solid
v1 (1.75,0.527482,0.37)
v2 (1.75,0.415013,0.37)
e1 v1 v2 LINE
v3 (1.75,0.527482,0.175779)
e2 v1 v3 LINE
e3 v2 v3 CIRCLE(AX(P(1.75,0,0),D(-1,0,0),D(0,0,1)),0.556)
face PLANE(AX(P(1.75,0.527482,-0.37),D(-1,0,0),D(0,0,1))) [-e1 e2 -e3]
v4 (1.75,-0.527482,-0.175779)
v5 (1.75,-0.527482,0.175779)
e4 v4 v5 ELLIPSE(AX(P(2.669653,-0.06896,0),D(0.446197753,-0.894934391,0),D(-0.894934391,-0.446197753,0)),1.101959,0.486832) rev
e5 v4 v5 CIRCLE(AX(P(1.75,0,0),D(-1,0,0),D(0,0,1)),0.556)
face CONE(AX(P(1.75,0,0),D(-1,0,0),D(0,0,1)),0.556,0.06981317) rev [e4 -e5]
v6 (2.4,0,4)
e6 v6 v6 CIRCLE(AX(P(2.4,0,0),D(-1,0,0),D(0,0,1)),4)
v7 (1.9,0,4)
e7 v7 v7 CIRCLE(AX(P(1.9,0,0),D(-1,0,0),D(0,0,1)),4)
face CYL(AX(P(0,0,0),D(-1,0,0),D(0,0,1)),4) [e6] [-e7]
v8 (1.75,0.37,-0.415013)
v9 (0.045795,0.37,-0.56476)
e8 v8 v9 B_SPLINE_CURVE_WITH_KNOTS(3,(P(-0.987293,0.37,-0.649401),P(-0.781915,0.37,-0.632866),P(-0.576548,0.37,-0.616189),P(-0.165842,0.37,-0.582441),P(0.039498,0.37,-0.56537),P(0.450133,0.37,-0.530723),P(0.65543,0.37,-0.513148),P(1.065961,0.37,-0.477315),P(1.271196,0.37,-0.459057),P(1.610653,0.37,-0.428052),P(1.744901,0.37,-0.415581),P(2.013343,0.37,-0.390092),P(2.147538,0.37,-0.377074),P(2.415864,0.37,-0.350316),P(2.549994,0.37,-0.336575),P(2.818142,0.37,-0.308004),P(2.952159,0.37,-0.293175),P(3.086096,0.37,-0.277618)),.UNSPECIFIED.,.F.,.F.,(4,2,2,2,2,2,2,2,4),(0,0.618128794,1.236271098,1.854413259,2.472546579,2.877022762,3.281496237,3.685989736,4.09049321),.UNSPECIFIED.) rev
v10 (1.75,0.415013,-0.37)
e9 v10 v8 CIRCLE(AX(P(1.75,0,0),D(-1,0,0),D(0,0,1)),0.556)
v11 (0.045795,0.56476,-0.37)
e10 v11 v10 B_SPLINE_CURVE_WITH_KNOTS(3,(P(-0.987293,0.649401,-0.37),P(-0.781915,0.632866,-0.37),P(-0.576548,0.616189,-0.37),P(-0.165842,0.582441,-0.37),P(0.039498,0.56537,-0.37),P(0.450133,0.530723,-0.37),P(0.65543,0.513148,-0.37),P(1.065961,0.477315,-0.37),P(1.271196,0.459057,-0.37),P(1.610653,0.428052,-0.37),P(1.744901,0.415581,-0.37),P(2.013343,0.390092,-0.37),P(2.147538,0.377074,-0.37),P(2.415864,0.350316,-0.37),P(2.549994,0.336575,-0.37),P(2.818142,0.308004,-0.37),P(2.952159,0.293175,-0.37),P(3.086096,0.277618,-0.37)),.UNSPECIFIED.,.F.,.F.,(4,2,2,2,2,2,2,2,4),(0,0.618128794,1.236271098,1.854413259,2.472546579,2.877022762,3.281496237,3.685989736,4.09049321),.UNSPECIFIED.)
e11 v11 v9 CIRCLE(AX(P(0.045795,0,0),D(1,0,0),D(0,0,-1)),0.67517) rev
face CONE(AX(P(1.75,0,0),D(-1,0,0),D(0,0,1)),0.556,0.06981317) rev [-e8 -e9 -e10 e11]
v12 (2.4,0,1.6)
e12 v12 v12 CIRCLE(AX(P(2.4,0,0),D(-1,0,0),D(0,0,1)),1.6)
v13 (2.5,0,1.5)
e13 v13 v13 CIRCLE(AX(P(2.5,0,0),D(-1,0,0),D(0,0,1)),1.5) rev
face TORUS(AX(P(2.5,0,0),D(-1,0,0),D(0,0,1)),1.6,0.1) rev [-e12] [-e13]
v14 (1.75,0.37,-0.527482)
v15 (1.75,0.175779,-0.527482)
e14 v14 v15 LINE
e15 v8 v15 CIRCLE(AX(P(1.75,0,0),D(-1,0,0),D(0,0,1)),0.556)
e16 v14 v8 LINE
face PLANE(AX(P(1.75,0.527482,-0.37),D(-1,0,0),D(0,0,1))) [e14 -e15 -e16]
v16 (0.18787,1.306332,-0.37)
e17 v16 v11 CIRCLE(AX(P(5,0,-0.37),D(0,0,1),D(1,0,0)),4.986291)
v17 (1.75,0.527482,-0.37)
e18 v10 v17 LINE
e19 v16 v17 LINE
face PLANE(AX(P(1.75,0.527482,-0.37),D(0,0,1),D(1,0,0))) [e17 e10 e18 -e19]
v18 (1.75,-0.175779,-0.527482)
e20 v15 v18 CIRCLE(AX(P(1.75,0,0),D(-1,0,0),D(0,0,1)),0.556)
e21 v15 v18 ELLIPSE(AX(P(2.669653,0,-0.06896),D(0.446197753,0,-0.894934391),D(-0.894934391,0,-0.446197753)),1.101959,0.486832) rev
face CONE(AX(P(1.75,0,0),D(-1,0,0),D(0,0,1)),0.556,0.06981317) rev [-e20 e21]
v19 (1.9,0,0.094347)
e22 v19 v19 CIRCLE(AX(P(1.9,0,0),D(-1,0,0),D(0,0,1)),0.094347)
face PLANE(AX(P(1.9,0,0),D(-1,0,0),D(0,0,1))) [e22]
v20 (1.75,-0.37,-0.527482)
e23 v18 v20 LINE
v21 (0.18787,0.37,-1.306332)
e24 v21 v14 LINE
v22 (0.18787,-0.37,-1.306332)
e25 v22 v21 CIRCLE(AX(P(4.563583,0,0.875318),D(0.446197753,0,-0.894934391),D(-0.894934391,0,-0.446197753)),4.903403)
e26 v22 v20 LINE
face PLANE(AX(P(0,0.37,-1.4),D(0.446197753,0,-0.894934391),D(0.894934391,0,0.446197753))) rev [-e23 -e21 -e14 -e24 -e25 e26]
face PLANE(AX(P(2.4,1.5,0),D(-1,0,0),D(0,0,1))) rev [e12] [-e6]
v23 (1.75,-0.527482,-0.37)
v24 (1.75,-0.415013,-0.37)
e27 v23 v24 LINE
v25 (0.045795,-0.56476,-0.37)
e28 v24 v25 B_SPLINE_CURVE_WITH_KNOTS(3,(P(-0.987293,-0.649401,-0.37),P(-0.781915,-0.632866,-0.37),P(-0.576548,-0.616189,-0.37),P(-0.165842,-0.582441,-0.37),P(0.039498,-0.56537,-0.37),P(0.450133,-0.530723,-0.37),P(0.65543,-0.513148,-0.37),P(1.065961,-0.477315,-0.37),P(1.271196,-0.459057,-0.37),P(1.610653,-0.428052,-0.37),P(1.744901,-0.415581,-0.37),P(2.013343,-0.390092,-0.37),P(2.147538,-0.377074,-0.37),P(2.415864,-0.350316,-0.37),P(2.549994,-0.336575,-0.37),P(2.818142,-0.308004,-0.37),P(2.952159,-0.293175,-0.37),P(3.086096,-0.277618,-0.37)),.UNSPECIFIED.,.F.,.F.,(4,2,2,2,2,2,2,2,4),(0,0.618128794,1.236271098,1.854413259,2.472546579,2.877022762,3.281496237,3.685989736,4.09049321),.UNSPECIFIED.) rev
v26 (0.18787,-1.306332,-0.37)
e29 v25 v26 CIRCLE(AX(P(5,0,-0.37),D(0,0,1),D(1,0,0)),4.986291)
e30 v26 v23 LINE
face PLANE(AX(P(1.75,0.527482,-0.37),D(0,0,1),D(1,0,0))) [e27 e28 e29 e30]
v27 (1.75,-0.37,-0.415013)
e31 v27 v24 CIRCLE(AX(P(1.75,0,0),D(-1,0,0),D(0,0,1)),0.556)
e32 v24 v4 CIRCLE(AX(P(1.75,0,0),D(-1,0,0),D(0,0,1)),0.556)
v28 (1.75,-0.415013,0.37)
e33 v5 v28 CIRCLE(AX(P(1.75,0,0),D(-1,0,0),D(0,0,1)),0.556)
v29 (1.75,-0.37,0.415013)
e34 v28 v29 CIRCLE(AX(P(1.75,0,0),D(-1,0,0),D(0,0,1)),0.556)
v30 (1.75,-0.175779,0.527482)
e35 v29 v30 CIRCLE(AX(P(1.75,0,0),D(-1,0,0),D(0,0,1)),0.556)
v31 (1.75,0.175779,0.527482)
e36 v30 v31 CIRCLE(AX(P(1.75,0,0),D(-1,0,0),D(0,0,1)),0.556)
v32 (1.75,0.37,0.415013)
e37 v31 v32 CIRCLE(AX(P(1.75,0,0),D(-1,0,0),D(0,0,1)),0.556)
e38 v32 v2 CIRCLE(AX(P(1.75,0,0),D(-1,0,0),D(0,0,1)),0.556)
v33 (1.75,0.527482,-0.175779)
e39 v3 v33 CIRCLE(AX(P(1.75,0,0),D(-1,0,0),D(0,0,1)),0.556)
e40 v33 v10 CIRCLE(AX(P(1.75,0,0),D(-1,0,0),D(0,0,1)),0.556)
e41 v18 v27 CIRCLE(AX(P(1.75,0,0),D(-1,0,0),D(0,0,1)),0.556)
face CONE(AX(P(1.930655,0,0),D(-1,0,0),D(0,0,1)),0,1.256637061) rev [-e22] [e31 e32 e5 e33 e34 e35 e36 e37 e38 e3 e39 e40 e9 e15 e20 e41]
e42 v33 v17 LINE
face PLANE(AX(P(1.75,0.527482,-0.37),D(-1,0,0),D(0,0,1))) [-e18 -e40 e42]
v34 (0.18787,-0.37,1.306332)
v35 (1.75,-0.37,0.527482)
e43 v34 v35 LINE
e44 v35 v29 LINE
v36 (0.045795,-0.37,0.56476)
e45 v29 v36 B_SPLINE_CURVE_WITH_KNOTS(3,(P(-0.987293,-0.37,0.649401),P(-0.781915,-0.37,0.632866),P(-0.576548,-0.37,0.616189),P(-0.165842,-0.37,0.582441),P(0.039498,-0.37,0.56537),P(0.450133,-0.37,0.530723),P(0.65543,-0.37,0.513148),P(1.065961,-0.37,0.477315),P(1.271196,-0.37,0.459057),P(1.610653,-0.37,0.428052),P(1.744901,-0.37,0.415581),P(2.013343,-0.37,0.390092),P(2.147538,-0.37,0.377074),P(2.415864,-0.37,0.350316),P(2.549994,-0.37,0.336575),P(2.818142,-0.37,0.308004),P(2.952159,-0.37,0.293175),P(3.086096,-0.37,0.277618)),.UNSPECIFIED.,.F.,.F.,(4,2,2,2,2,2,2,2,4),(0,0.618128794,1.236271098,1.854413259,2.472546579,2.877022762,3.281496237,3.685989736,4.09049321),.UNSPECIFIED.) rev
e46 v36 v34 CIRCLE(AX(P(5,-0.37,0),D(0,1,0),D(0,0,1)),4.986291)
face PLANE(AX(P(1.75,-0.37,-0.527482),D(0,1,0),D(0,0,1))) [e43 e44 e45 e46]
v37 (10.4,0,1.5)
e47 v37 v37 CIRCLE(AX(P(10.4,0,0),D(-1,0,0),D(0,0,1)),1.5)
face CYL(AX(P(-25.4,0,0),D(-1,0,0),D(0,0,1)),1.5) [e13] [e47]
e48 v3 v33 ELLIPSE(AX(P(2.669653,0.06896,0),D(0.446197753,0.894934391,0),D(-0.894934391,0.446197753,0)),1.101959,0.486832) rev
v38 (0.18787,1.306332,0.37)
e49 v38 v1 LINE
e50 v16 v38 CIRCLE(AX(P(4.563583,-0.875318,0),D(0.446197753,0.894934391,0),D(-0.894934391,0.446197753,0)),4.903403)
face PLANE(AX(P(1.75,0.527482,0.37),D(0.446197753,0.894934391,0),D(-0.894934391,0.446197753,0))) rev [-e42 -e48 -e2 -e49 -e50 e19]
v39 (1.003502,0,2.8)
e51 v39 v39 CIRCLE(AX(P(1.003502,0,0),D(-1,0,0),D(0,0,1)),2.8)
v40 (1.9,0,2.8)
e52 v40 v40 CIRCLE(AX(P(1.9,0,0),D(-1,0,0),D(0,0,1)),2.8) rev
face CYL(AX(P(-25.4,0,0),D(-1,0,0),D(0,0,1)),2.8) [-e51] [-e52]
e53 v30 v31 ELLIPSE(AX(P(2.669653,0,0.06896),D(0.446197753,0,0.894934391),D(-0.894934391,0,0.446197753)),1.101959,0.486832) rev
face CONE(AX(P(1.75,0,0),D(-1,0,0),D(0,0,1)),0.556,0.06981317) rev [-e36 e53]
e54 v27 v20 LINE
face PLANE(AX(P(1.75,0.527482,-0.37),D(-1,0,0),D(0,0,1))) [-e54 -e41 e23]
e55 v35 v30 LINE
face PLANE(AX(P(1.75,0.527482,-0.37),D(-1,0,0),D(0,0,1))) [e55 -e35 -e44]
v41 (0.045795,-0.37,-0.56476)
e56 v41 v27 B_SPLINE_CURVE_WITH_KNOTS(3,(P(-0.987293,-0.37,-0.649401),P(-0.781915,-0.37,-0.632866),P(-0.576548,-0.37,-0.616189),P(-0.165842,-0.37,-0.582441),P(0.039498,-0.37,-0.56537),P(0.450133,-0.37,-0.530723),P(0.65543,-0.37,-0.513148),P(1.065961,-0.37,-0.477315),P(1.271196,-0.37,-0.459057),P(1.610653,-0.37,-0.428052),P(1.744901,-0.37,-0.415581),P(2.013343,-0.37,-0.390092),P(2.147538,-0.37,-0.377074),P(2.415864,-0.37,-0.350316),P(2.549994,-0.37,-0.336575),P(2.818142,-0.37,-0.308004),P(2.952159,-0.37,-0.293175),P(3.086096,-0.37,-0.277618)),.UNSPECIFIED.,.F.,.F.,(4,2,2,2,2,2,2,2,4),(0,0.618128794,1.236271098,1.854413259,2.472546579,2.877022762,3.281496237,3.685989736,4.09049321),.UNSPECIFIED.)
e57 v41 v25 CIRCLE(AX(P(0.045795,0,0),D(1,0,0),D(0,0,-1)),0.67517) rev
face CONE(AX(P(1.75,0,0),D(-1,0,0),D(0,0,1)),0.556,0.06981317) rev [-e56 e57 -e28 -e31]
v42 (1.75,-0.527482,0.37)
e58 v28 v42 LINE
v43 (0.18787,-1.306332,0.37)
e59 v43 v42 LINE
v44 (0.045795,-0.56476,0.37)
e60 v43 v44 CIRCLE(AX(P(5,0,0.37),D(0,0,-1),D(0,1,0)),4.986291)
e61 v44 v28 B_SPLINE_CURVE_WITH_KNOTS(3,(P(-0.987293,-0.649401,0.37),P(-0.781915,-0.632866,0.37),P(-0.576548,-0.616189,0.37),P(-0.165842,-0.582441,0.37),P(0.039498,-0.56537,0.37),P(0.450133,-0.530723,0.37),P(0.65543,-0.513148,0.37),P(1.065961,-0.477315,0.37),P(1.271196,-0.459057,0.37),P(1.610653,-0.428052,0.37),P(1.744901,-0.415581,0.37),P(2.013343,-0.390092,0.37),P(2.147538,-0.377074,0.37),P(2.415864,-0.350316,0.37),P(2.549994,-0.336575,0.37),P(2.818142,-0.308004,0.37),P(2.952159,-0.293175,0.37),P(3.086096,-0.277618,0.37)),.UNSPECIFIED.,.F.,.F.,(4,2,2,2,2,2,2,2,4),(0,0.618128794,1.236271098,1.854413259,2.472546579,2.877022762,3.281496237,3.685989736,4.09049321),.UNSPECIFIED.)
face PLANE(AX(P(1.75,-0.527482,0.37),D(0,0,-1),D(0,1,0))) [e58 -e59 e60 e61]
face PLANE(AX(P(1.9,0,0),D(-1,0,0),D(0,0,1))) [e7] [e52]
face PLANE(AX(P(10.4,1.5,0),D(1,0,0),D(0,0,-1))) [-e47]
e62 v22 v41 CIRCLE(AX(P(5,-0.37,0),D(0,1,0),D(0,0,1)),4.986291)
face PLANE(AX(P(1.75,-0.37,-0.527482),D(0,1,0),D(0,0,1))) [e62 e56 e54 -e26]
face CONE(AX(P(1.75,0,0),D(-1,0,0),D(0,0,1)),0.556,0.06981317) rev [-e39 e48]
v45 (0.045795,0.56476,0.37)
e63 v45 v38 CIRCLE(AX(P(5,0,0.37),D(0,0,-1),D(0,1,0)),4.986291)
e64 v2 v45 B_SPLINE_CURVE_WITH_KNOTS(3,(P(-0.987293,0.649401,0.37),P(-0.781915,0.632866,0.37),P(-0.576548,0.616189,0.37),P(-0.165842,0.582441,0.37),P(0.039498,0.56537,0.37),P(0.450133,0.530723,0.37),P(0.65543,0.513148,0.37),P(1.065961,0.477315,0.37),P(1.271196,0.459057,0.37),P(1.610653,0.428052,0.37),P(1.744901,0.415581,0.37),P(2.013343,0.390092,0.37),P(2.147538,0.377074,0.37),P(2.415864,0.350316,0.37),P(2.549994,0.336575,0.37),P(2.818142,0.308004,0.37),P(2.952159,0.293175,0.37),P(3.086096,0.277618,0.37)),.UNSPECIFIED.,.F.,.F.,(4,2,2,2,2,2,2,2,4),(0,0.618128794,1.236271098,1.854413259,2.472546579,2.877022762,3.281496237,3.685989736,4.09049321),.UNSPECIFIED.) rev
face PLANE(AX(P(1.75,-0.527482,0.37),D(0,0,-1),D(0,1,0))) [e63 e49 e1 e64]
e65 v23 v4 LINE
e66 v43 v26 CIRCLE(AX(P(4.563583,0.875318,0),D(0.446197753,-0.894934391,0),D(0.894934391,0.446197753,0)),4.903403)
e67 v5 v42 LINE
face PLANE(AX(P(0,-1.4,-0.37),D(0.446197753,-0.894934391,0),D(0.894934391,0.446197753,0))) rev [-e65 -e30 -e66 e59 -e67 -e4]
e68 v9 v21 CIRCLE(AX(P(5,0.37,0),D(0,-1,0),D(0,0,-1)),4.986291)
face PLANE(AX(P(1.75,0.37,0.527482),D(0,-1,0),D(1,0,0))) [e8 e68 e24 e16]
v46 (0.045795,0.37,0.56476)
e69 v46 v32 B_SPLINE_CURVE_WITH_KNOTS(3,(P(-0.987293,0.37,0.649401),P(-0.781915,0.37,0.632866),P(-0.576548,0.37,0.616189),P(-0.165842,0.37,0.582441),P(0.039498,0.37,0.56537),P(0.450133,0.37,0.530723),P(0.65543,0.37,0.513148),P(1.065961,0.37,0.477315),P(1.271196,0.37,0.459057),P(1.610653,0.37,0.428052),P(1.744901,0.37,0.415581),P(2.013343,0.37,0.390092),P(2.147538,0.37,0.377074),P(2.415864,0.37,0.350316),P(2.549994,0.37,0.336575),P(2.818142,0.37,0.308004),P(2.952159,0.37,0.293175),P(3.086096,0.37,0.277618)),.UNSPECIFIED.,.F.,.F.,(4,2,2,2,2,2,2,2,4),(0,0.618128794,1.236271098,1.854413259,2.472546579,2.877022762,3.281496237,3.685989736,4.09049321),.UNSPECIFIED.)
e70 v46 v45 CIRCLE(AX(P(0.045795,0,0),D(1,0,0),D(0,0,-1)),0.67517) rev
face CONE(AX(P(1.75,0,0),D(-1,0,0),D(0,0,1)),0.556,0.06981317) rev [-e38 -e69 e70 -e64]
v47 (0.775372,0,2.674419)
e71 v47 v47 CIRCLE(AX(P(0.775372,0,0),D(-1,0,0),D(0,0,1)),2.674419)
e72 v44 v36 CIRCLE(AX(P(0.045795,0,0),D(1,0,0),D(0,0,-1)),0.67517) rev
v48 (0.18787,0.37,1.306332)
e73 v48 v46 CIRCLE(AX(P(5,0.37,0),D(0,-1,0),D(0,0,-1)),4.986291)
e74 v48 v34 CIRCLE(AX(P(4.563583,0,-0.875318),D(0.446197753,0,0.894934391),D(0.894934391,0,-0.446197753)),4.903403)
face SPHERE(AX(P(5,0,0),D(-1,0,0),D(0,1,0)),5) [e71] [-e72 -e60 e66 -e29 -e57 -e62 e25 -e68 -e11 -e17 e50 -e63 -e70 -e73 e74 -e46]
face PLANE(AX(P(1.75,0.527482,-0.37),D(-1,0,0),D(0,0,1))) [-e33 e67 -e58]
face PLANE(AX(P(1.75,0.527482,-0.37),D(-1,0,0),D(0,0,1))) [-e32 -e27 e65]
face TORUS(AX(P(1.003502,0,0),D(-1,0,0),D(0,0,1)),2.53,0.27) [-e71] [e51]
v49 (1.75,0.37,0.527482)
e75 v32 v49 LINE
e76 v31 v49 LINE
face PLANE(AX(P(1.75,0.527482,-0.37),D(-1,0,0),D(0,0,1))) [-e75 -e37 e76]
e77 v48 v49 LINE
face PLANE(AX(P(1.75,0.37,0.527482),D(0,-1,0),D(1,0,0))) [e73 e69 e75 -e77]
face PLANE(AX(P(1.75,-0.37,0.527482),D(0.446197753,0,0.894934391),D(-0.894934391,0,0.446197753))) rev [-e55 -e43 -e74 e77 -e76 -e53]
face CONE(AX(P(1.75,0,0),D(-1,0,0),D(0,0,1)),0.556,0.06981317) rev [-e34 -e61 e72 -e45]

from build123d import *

# Parameters (mm, degrees)
FILLET1_R    = 0.1
RECPAT_COUNT = 2
RECPAT_ANGLE = 90
SCHIZZO1_W   = 0.5
SCHIZZO1_H   = 4


with BuildPart() as part:
    # BodySke → Base-Revolve (revolve)
    with BuildSketch(Plane.XY, mode=Mode.PRIVATE) as base_revolve_sk:
        with BuildLine():
            Line((2.4, 1.5), (2.4, 2.8))
            Line((2.4, 2.8), (1.003501533, 2.8))
            ThreePointArc((1.003501533, 2.8), (0.873295971, 2.76653015), (0.775371599, 2.674418605))
            ThreePointArc((0.775371599, 2.674418605), (0.197753546, 1.392274756), (0, 0))
            Line((0, 0), (10.4, 0))
            Line((10.4, 0), (10.4, 1.5))
            Line((10.4, 1.5), (2.4, 1.5))
        make_face()
    revolve(base_revolve_sk.sketch.rotate(Axis((1.003501533, 0, 0), (1, 0, 0)), 90), axis=Axis((1.003501533, 0, 0), (1, 0, 0)))

    # Fillet1
    fillet1_edges = [part.edges().sort_by_distance(p)[0] for p in [
        (2.4, 0, -1.5),
    ]]
    fillet(fillet1_edges, radius=FILLET1_R)

    # Sketch3 → Recess section 0
    with BuildSketch(Plane(origin=(0, 0, 0), x_dir=(0, 0, -1), z_dir=(1, 0, 0))):
        with BuildLine():
            Line((0.37, -1.4), (-0.37, -1.4))
            Line((-0.37, -1.4), (-0.37, 1.4))
            Line((-0.37, 1.4), (0.37, 1.4))
            Line((0.37, 1.4), (0.37, -1.4))
        make_face()
    # Sketch4 → Recess section 1
    with BuildSketch(Plane(origin=(1.75, 0, 0), x_dir=(0, 0, -1), z_dir=(1, 0, 0))):
        with BuildLine():
            Line((0.37, -0.527482332), (-0.37, -0.527482332))
            Line((-0.37, -0.527482332), (-0.37, 0.527482332))
            Line((-0.37, 0.527482332), (0.37, 0.527482332))
            Line((0.37, 0.527482332), (0.37, -0.527482332))
        make_face()
    recess = loft(mode=Mode.SUBTRACT)

    # RecPat: Recess ×2 about axis
    recpat_axis = Axis((0, 0, 0), (1, 0, 0))
    for i in range(1, RECPAT_COUNT):
        add(recess.rotate(recpat_axis, i * RECPAT_ANGLE / (RECPAT_COUNT - 1)), mode=Mode.SUBTRACT)

    # RecCorSke → RecessCore (revolve, cut)
    with BuildSketch(Plane.XY, mode=Mode.PRIVATE) as recesscore_sk:
        Polygon((0, 0), (0, 0.678371921), (1.75, 0.556), (1.930655351, 0), align=None)
    revolve(recesscore_sk.sketch.rotate(Axis((-3.175, 0, 0), (1, 0, 0)), 15.814025638), axis=Axis((-3.175, 0, 0), (1, 0, 0)), mode=Mode.SUBTRACT)

    # Schizzo1 → Rivoluzione2 (revolve)
    with BuildSketch(Plane(origin=(0, 0, 0), x_dir=(1, 0, 0), z_dir=(0, 1, 0))):
        with Locations((2.15, -2)):
            Rectangle(SCHIZZO1_W, SCHIZZO1_H)
    revolve(axis=Axis((0, 0, 0), (1, 0, 0)))


solid = part.part
